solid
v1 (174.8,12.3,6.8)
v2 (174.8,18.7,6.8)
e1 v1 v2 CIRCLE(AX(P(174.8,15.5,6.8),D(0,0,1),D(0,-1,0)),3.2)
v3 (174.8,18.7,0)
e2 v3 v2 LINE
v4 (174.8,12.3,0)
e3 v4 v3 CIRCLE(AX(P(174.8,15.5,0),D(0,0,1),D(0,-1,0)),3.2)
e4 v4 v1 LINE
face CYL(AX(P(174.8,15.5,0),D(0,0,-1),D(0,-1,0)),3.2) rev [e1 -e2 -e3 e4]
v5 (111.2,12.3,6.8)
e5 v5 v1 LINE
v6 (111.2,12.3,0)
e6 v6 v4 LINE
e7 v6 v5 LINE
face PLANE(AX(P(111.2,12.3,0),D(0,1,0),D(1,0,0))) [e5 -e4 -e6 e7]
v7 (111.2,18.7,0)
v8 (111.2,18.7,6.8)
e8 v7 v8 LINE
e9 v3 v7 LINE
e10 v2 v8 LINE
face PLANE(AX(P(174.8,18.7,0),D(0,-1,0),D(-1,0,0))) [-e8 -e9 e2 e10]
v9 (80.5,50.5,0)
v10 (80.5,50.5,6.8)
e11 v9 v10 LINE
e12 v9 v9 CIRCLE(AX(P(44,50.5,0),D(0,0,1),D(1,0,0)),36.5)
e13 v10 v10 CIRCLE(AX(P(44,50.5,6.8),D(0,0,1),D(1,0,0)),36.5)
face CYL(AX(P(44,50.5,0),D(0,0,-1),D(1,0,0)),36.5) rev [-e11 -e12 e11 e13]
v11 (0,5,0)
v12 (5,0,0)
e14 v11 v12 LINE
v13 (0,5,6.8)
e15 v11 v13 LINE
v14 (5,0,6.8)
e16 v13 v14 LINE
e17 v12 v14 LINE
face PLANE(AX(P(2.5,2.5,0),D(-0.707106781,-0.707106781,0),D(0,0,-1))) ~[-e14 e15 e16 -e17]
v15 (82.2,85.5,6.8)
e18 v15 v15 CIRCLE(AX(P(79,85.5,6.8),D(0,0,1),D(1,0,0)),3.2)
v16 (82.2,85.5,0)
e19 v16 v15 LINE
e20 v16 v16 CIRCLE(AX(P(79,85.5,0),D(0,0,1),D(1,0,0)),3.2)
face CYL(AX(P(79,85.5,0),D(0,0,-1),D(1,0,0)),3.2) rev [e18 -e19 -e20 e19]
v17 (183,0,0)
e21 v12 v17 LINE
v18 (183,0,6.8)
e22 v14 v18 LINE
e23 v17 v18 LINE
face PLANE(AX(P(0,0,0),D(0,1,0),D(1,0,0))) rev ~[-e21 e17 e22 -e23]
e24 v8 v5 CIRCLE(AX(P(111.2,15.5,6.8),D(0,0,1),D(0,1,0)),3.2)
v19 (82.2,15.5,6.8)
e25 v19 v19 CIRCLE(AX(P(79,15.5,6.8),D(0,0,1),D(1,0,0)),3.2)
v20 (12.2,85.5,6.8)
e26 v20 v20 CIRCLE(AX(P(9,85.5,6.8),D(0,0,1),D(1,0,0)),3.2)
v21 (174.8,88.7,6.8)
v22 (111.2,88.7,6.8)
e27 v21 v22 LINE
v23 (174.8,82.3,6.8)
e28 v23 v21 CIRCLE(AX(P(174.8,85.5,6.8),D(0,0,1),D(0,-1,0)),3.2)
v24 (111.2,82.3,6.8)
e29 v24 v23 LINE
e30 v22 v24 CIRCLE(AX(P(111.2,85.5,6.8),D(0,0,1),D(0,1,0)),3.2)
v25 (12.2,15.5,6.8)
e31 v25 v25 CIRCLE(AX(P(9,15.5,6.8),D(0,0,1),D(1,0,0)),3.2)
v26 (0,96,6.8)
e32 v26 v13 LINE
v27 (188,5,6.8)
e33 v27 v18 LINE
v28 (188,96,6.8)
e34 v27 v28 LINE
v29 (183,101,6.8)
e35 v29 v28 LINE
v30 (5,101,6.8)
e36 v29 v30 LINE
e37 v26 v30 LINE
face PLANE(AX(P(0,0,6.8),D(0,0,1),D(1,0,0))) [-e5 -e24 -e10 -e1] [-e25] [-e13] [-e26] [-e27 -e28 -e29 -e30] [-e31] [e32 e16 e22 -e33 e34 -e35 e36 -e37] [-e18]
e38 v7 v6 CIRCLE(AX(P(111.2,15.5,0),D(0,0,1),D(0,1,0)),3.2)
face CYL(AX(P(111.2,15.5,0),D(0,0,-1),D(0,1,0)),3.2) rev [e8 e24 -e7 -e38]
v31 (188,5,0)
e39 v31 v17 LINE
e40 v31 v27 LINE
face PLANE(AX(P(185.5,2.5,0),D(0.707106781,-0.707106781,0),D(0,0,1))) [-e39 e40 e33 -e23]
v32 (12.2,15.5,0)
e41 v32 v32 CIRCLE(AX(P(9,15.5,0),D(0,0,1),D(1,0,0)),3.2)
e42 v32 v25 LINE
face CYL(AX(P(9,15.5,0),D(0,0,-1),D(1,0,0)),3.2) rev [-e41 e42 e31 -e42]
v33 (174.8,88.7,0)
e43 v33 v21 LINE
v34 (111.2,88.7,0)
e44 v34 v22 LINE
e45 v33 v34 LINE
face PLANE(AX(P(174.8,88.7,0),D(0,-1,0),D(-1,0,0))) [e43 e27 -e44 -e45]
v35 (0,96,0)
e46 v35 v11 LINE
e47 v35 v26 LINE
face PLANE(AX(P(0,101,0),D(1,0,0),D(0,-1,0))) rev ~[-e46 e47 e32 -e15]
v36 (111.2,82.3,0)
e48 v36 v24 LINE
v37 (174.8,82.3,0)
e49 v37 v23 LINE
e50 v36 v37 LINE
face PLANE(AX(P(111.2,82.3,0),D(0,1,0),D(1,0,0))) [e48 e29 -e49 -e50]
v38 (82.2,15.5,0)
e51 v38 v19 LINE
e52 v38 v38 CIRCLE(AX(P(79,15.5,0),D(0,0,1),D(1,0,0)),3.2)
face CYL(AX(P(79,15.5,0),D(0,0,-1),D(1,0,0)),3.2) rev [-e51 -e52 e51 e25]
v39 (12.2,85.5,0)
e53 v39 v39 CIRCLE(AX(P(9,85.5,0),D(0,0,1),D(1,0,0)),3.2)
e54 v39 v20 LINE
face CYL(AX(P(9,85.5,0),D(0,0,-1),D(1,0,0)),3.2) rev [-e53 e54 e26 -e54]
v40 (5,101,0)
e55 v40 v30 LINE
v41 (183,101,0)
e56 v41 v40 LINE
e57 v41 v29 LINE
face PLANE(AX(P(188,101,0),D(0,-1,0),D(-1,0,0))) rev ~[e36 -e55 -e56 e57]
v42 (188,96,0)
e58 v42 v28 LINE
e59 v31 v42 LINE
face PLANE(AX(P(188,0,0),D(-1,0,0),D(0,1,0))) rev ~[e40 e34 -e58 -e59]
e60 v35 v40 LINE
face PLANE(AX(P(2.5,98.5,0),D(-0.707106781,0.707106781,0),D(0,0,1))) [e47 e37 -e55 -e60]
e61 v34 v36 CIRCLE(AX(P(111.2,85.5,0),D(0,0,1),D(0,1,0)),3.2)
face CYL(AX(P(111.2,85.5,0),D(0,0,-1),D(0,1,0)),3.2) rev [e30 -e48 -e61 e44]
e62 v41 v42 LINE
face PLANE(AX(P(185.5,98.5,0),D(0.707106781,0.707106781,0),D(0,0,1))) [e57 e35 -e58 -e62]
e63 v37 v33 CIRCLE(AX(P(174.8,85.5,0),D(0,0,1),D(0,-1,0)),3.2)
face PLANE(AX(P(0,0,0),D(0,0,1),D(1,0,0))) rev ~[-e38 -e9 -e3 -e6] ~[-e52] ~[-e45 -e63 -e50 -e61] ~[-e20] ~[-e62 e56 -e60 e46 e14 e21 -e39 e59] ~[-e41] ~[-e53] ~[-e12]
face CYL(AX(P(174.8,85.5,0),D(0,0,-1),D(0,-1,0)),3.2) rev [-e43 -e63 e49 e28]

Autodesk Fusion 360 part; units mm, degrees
sketch "Sketch1" plane through (0, 0, 0) normal (0, 0, 1) x (1, 0, 0)
  line L0 (0, 0) -> (188, 0)
  line L1 (188, 0) -> (188, 101)
  line L2 (188, 101) -> (0, 101)
  line L3 (0, 101) -> (0, 0)
  circle A0 centre (44, 50.5) radius 36.5
  line L4 (0, 50.5) -> (188, 50.5) construction
  line L5 (9, 85.5) -> (79, 85.5) construction
  line L6 (79, 85.5) -> (79, 15.5) construction
  line L7 (79, 15.5) -> (9, 15.5) construction
  line L8 (9, 15.5) -> (9, 85.5) construction
  circle A1 centre (9, 85.5) radius 3.2
  circle A2 centre (79, 85.5) radius 3.2
  circle A3 centre (79, 15.5) radius 3.2
  circle A4 centre (9, 15.5) radius 3.2
  line L9 (111.2, 12.3) -> (174.8, 12.3)
  arc A5 (174.8, 12.3) -> (174.8, 18.7) centre (174.8, 15.5) ccw
  line L10 (174.8, 18.7) -> (111.2, 18.7)
  arc A6 (111.2, 18.7) -> (111.2, 12.3) centre (111.2, 15.5) ccw
  line L11 (111.2, 15.5) -> (174.8, 15.5) construction
  line L12 (111.2, 82.3) -> (174.8, 82.3)
  arc A7 (174.8, 82.3) -> (174.8, 88.7) centre (174.8, 85.5) ccw
  line L13 (174.8, 88.7) -> (111.2, 88.7)
  arc A8 (111.2, 88.7) -> (111.2, 82.3) centre (111.2, 85.5) ccw
  line L14 (111.2, 85.5) -> (174.8, 85.5) construction
  point P0 (44, 85.5)
  point P1 (9, 50.5)
  point P2 (178, 85.5)
  point P3 (108, 85.5)
  dimension "d1" = 188
  dimension "d2" = 101
  dimension "d3" = 73
  dimension "d4" = 70
  dimension "d5" = 6.4
  dimension "d6" = 9
  dimension "d7" = 10
  dimension "d8" = 70
extrude "Extrude1" add sketch "Sketch1" along normal blind 6.8
chamfer "Chamfer1" distance 5 angle 45 4 edges at (188, 101, 3.4) (188, 0, 3.4) (0, 0, 3.4) (0, 101, 3.4)
